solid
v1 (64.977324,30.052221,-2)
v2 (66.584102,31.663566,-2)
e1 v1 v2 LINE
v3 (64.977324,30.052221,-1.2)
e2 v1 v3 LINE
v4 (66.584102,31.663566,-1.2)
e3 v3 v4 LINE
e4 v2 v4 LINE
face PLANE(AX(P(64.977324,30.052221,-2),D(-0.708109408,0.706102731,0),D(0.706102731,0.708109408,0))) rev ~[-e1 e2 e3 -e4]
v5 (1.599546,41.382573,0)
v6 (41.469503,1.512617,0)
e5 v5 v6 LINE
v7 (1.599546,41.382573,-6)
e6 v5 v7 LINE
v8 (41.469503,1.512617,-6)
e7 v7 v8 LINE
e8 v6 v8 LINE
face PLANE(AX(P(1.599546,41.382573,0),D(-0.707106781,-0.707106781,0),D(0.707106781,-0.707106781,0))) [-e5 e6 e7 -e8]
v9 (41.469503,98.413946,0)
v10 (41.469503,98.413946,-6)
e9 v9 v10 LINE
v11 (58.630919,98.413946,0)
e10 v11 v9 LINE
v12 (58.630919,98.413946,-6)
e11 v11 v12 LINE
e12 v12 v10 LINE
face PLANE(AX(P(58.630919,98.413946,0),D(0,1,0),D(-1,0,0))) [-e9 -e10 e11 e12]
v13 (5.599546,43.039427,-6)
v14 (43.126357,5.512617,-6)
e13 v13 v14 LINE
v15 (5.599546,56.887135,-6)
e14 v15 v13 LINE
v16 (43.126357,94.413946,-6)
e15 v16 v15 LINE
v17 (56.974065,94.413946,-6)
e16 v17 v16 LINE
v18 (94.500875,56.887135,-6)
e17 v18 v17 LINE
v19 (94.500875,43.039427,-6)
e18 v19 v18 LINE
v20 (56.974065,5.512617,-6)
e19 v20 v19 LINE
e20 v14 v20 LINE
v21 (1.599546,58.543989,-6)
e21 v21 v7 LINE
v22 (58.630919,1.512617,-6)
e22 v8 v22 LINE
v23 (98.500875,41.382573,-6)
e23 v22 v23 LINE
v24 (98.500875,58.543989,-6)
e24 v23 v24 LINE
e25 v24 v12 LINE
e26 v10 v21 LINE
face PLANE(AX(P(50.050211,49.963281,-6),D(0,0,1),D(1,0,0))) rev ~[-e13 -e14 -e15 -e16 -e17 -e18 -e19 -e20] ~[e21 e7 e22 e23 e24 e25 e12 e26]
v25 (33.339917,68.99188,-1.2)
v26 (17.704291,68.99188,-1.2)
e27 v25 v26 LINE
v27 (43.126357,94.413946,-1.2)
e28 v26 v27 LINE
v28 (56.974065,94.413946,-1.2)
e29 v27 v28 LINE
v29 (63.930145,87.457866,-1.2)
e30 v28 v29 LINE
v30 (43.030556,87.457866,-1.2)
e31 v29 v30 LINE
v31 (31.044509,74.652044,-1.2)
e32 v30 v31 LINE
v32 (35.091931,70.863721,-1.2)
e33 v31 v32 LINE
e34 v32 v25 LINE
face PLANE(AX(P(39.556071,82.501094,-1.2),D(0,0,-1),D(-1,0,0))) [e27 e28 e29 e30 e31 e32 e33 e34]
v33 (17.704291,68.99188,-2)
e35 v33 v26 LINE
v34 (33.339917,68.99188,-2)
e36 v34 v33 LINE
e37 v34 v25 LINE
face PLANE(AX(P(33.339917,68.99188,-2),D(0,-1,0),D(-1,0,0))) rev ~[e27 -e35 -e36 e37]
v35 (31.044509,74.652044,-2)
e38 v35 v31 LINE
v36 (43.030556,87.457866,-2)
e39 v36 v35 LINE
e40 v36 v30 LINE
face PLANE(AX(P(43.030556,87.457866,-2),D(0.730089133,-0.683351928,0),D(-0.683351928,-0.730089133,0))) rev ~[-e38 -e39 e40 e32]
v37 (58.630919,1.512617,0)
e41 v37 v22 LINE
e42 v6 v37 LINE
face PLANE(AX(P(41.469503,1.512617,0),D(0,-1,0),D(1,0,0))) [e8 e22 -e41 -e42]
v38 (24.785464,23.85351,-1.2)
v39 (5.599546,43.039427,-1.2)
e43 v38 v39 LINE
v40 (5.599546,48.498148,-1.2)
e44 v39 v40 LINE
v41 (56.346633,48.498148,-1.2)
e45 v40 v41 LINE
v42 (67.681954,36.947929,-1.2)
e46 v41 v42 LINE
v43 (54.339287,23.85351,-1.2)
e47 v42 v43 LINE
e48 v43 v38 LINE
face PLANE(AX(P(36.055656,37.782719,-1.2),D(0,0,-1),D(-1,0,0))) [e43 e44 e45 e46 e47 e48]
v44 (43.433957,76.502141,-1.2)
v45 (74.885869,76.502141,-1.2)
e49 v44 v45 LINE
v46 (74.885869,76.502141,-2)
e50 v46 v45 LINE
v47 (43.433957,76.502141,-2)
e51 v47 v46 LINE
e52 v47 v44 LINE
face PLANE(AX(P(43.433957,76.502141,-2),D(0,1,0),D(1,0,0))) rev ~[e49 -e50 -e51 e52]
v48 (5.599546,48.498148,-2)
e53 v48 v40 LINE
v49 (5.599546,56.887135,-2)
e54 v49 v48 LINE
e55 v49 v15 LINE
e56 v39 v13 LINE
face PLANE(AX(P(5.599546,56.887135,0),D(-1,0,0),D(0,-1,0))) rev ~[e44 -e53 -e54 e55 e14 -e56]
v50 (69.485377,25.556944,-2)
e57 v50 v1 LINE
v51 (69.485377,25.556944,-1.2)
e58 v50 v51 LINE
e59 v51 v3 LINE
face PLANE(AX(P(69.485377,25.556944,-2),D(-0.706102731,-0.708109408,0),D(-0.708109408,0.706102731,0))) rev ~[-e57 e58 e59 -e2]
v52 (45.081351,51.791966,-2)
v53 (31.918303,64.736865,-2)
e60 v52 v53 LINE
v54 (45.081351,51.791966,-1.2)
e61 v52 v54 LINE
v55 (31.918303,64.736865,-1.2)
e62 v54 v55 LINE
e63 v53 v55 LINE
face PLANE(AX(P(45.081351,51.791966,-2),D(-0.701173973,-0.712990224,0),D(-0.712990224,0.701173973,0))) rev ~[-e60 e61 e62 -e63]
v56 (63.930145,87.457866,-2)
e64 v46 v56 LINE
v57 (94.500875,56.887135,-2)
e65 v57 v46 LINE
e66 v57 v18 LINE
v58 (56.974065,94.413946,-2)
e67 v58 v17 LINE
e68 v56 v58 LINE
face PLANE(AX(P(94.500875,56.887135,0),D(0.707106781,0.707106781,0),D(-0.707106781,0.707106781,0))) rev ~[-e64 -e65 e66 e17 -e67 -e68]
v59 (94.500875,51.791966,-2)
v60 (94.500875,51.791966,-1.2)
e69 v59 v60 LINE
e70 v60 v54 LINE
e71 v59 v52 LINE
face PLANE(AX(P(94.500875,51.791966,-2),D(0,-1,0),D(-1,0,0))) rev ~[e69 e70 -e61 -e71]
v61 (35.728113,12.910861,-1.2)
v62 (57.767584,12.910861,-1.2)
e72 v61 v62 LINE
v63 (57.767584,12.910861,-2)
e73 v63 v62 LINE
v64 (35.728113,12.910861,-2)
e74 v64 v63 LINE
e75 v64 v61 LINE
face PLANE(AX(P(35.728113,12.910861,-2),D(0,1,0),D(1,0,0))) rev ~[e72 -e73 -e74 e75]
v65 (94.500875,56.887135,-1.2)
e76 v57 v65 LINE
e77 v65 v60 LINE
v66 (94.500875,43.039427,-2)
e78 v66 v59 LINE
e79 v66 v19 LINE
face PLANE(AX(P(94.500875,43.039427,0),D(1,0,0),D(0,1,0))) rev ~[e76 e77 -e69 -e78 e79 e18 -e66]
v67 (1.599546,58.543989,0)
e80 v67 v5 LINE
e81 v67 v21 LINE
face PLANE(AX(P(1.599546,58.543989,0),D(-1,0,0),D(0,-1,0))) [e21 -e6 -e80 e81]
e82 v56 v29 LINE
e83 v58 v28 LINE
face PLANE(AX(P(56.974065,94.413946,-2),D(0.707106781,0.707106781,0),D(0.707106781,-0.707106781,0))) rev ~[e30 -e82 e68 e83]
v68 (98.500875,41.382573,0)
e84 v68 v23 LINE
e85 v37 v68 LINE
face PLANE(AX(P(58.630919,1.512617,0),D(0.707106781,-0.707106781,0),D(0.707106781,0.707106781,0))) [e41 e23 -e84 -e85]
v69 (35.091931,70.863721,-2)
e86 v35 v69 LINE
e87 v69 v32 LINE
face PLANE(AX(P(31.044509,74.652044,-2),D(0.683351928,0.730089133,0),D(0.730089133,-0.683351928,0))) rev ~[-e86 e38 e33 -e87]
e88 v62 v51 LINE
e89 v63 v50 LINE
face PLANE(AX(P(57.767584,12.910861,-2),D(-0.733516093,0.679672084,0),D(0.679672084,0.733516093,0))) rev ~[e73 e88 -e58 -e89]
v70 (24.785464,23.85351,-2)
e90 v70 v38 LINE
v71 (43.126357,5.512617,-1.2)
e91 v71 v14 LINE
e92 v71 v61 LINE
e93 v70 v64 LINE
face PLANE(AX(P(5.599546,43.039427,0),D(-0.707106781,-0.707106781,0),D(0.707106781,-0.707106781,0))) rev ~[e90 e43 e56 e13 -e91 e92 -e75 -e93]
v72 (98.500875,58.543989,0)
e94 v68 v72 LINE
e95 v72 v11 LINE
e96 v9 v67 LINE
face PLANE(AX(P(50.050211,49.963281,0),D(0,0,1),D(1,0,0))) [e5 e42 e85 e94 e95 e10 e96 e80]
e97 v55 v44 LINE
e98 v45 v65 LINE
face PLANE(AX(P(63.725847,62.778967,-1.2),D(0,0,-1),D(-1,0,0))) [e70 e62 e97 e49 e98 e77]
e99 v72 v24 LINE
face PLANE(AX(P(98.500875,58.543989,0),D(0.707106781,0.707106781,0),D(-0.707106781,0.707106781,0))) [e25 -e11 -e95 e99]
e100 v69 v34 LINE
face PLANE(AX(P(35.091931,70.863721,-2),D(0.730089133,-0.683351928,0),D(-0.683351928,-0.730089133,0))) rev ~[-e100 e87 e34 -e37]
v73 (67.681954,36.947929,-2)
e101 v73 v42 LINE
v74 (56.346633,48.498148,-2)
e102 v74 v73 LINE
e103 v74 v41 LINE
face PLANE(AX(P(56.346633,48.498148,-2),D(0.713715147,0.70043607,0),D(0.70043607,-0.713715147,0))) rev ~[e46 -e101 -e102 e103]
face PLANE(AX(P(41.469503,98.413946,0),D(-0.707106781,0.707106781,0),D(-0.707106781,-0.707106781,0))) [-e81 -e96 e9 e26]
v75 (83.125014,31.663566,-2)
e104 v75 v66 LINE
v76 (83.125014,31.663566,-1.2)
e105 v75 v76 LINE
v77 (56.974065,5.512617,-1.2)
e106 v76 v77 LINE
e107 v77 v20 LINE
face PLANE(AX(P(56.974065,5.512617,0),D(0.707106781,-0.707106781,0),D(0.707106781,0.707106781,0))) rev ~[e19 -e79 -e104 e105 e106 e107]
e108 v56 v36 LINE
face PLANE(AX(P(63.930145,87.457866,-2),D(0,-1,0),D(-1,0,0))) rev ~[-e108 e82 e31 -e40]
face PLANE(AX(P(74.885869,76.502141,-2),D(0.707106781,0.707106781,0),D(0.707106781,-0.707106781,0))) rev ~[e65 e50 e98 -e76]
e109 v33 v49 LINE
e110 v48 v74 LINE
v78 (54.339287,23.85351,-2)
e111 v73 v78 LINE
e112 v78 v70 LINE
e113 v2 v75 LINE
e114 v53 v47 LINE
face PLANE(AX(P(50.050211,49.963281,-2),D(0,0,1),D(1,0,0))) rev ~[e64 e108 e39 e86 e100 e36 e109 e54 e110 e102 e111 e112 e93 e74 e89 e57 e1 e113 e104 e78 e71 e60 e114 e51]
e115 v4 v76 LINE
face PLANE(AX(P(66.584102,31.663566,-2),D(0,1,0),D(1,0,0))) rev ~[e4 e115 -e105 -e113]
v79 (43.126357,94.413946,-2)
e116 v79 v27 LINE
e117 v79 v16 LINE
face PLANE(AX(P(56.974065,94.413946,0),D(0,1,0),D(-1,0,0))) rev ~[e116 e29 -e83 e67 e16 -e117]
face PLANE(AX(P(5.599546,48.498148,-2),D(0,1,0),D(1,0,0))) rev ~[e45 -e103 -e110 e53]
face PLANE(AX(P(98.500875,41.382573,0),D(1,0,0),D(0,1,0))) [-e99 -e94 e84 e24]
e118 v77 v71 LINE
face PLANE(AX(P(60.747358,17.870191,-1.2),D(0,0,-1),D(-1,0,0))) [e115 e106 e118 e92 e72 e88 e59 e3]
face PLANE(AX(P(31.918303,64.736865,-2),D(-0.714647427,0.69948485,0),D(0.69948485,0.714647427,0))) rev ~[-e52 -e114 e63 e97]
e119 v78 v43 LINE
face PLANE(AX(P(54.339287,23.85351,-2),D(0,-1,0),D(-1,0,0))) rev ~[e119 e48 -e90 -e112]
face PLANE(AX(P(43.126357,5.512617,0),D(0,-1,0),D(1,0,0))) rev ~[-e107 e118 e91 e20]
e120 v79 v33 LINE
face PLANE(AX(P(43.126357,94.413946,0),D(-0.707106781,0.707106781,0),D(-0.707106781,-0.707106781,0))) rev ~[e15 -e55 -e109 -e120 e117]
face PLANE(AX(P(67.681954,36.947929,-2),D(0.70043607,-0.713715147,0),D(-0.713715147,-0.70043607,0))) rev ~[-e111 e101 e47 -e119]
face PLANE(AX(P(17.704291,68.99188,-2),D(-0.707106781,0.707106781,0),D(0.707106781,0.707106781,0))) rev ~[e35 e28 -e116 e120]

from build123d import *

# Parameters (mm, degrees)
EXTRUDE_1_DEPTH     = 6
EXTRUDE_2_DEPTH     = 2
CUT_EXTRUDE_1_DEPTH = 0.8


with BuildPart() as part:
    # 草图1 → 凸台-拉伸1 (new body)
    with BuildSketch(Plane.XY):
        Polygon((41.469502686, 98.413945938), (1.599546065, 58.543989317), (1.599546065, 41.382573206), (41.469502686, 1.512616585), (58.630918797, 1.512616585), (98.500875418, 41.382573206), (98.500875418, 58.543989317), (58.630918797, 98.413945938), align=None)
        Polygon((43.126356936, 94.413945938), (5.599546065, 56.887135068), (5.599546065, 43.039427456), (43.126356936, 5.512616585), (56.974064547, 5.512616585), (94.500875418, 43.039427456), (94.500875418, 56.887135068), (56.974064547, 94.413945938), align=None, mode=Mode.SUBTRACT)
    extrude(amount=-EXTRUDE_1_DEPTH)

    # 草图3 → 凸台-拉伸2 (add)
    with BuildSketch(Plane.XY):
        Polygon((43.126356936, 94.413945938), (5.599546065, 56.887135068), (5.599546065, 43.039427456), (43.126356936, 5.512616585), (56.974064547, 5.512616585), (94.500875418, 43.039427456), (94.500875418, 56.887135068), (56.974064547, 94.413945938), align=None)
    extrude(amount=-EXTRUDE_2_DEPTH)

    # 草图4 → 切除-拉伸1 (cut)
    with BuildSketch(Plane(origin=(0, 0, -2), x_dir=(-1, 0, 0), z_dir=(0, 0, -1))):
        Polygon((-94.500875418, 56.887135068), (-94.500875418, 51.791965689), (-45.081351484, 51.791965689), (-31.918303141, 64.736865353), (-43.433956755, 76.502141218), (-74.885869267, 76.502141218), align=None)
        Polygon((-56.974064547, 94.413945938), (-63.930144523, 87.457865962), (-43.030556381, 87.457865962), (-31.044508785, 74.652044034), (-35.091931028, 70.863720572), (-33.339917404, 68.991879642), (-17.704290639, 68.991879642), (-43.126356936, 94.413945938), align=None)
        Polygon((-54.339287077, 23.853509746), (-24.785463775, 23.853509746), (-5.599546065, 43.039427456), (-5.599546065, 48.49814838), (-56.346633262, 48.49814838), (-67.681954242, 36.947928988), align=None)
        Polygon((-66.584102119, 31.663565611), (-83.125013573, 31.663565611), (-56.974064547, 5.512616585), (-43.126356936, 5.512616585), (-35.72811274, 12.910860781), (-57.7675839, 12.910860781), (-69.485376795, 25.556943884), (-64.977324173, 30.052221354), align=None)
    extrude(amount=-CUT_EXTRUDE_1_DEPTH, mode=Mode.SUBTRACT)


solid = part.part
